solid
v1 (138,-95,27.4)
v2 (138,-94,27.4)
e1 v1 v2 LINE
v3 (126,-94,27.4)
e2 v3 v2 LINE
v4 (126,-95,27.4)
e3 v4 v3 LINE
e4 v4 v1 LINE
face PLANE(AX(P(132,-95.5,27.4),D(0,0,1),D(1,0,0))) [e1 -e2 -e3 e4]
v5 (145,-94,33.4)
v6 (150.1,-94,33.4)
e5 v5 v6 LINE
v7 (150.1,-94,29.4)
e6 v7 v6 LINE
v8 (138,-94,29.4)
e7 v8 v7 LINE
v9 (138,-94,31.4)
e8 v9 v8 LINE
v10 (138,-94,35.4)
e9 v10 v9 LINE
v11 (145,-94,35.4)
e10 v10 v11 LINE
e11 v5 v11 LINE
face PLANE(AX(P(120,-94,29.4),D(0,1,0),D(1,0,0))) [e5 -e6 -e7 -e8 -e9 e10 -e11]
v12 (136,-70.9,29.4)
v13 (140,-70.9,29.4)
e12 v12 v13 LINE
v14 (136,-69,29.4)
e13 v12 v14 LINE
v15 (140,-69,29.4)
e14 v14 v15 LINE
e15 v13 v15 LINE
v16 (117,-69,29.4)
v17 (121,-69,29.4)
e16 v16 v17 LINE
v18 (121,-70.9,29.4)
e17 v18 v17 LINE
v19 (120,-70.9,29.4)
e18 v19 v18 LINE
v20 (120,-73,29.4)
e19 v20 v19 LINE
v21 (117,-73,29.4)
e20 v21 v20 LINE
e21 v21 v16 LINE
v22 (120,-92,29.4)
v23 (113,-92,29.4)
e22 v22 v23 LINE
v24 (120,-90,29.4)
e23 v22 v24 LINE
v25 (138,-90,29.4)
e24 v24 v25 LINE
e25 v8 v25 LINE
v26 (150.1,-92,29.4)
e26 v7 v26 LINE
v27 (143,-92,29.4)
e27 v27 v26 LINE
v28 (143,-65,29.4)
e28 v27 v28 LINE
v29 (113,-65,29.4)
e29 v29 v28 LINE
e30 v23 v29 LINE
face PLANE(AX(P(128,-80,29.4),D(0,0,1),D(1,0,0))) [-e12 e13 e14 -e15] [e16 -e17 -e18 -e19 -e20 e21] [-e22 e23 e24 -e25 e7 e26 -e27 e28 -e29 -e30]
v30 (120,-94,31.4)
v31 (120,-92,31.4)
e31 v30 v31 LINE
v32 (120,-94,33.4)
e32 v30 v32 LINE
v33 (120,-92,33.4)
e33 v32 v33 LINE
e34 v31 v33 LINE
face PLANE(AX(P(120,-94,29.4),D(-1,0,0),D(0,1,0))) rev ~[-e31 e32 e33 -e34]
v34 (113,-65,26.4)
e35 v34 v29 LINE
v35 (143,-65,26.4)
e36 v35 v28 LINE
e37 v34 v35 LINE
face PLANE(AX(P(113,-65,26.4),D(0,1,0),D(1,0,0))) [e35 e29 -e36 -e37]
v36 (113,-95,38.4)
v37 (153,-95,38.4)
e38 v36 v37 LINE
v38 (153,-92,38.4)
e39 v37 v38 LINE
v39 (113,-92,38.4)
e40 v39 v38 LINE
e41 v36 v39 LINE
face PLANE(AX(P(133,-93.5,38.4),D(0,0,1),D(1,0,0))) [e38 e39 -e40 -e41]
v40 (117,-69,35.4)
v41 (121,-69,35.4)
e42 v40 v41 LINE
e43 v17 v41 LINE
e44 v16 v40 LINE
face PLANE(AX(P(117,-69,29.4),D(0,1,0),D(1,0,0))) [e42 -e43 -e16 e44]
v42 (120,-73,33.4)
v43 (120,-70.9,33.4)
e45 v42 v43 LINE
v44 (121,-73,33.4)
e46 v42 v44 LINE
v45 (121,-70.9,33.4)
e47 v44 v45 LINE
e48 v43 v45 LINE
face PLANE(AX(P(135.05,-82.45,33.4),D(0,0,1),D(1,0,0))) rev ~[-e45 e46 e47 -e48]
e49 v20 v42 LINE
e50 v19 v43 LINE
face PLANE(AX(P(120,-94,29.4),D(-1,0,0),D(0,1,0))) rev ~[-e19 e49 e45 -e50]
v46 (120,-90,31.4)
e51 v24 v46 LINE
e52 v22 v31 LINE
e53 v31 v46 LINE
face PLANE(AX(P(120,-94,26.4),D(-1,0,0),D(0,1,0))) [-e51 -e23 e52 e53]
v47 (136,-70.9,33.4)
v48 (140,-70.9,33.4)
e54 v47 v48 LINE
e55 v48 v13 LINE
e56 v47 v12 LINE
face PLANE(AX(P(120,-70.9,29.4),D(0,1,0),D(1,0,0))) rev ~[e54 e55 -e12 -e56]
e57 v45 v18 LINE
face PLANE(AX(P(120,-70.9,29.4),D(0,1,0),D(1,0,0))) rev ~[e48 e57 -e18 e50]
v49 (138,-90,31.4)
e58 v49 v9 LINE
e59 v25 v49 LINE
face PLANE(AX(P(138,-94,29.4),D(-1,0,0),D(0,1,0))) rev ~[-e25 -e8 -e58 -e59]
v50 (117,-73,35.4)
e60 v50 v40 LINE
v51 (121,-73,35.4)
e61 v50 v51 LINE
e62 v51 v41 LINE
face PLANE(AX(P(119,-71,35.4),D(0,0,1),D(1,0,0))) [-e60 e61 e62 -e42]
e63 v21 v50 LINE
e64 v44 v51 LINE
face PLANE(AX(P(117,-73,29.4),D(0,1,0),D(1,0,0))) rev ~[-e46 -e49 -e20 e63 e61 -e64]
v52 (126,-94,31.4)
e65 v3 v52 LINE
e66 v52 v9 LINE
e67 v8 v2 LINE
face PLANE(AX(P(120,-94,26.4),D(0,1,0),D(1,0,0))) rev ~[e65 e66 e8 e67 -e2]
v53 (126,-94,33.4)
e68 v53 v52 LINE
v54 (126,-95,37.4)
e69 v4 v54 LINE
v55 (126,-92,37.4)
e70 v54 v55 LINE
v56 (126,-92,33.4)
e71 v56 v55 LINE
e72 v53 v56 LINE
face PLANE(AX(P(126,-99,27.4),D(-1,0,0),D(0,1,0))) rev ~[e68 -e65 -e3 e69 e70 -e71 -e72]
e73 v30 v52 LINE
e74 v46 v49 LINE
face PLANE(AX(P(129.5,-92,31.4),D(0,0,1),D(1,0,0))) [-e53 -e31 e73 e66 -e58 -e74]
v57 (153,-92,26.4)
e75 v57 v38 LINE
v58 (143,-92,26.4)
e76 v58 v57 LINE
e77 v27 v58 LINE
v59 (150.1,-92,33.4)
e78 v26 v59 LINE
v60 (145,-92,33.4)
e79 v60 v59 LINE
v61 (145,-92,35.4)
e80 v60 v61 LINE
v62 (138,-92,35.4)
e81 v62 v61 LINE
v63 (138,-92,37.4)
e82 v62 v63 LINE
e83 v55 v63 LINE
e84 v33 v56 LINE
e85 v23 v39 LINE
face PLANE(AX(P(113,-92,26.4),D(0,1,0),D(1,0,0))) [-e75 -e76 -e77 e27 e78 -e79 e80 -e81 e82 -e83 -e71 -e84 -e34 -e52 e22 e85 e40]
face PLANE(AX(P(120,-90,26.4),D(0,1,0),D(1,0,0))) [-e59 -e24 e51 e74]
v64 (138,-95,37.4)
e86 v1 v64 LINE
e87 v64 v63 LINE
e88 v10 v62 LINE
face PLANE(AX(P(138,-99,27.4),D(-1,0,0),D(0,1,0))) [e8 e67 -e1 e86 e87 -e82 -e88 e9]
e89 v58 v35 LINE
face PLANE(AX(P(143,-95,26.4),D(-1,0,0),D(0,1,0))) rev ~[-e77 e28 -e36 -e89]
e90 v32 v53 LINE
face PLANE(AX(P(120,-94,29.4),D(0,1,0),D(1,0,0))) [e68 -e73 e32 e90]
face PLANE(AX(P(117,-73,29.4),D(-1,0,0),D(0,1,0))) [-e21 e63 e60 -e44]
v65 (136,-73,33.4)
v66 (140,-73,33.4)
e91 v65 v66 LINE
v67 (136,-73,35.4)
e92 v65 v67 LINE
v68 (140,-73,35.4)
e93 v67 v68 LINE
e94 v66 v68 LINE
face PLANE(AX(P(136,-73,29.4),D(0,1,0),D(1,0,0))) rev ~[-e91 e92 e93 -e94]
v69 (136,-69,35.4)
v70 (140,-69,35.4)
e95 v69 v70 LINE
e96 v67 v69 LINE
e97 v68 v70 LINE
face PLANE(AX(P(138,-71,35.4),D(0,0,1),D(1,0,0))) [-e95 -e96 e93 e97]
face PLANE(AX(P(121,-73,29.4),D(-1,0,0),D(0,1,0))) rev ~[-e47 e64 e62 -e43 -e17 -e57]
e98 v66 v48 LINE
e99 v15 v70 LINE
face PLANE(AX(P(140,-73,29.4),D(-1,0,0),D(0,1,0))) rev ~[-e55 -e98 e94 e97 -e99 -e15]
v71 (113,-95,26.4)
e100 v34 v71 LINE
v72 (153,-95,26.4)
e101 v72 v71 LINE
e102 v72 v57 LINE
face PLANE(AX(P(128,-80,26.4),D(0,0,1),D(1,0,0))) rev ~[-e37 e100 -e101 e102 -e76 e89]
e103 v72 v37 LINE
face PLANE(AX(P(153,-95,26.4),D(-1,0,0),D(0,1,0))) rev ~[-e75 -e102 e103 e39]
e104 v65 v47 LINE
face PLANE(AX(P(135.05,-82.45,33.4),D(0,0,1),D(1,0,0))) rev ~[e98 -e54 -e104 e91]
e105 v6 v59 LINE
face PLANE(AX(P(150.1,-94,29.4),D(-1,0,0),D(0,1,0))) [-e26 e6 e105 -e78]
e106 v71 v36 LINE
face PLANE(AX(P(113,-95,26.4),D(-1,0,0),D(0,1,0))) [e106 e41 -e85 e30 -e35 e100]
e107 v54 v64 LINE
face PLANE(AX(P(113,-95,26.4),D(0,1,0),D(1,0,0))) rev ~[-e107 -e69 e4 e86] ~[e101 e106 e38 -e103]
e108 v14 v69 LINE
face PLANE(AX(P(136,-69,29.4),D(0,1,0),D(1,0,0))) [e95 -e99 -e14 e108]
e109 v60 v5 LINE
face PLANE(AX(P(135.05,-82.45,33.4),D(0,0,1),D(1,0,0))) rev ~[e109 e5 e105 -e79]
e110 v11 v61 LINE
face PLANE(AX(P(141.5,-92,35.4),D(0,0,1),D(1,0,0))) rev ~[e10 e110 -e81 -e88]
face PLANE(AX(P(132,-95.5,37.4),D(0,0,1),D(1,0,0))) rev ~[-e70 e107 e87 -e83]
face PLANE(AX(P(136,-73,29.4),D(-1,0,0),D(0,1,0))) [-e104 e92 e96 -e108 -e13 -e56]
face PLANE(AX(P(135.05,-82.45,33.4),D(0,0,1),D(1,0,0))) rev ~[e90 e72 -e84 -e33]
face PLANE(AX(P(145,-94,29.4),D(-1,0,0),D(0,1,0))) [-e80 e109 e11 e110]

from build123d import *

# Parameters (mm, degrees)
BOX007_W     = 7
BOX007_H     = 4
BOX007_DEPTH = 6
BOX002_W     = 30.1
BOX002_H     = 23.1
BOX002_DEPTH = 4
BOX003_W     = 12
BOX003_H     = 7
BOX003_DEPTH = 10
BOX001_W     = 40
BOX001_H     = 3
BOX001_DEPTH = 12
BOX004_W     = 4
BOX004_H     = 4
BOX004_DEPTH = 6
BOX005_W     = 4
BOX005_H     = 4
BOX005_DEPTH = 6
BOX008_W     = 30
BOX008_H     = 30
BOX008_DEPTH = 3
BOX006_W     = 19
BOX006_H     = 4
BOX006_DEPTH = 5


with BuildPart() as cube007:
    # Box007 → Box007 (new body)
    with BuildSketch(Plane(origin=(25, 1, 3), x_dir=(1, 0, 0), z_dir=(0, 0, 1))):
        with Locations((3.5, 2)):
            Rectangle(BOX007_W, BOX007_H)
    extrude(amount=BOX007_DEPTH)


with BuildPart() as cube002:
    # Box002 → Box002 (new body)
    with BuildSketch(Plane(origin=(7, 1, 3), x_dir=(1, 0, 0), z_dir=(0, 0, 1))):
        with Locations((15.05, 11.55)):
            Rectangle(BOX002_W, BOX002_H)
    extrude(amount=BOX002_DEPTH)


with BuildPart() as cube003:
    # Box003 → Box003 (new body)
    with BuildSketch(Plane(origin=(13, -4, 1), x_dir=(1, 0, 0), z_dir=(0, 0, 1))):
        with Locations((6, 3.5)):
            Rectangle(BOX003_W, BOX003_H)
    extrude(amount=BOX003_DEPTH)


with BuildPart() as cube001:
    # Box001 → Box001 (new body)
    with BuildSketch(Plane.XY):
        with Locations((20, 1.5)):
            Rectangle(BOX001_W, BOX001_H)
    extrude(amount=BOX001_DEPTH)


with BuildPart() as cube004:
    # Box004 → Box004 (new body)
    with BuildSketch(Plane(origin=(23, 22, 3), x_dir=(1, 0, 0), z_dir=(0, 0, 1))):
        with Locations((2, 2)):
            Rectangle(BOX004_W, BOX004_H)
    extrude(amount=BOX004_DEPTH)


with BuildPart() as cube005:
    # Box005 → Box005 (new body)
    with BuildSketch(Plane(origin=(4, 22, 3), x_dir=(1, 0, 0), z_dir=(0, 0, 1))):
        with Locations((2, 2)):
            Rectangle(BOX005_W, BOX005_H)
    extrude(amount=BOX005_DEPTH)


with BuildPart() as cut001:
    # Box008 → Box008 (new body)
    with BuildSketch(Plane.XY):
        with Locations((15, 15)):
            Rectangle(BOX008_W, BOX008_H)
    extrude(amount=BOX008_DEPTH)

    # Fusion001: union Cube001, Cube004, Cube005
    add(cube001.part)
    add(cube004.part)
    add(cube005.part)

    # Cut: cut Cube003
    add(cube003.part, mode=Mode.SUBTRACT)

    # Cut001: cut Cube002
    add(cube002.part, mode=Mode.SUBTRACT)


with BuildPart() as ttl_usb_ver1:
    # Box006 → Box006 (new body)
    with BuildSketch(Plane(origin=(7, 1, 0), x_dir=(1, 0, 0), z_dir=(0, 0, 1))):
        with Locations((9.5, 2)):
            Rectangle(BOX006_W, BOX006_H)
    extrude(amount=BOX006_DEPTH)

    # Fusion002: union Cut001
    add(cut001.part)

    # Cut002: cut Cube007
    add(cube007.part, mode=Mode.SUBTRACT)


with BuildPart() as ttl_usb_ver1_1:
    # Cut002 placement: moved
    add(ttl_usb_ver1.part.moved(Location((113, -95, 26.4))))


solid = ttl_usb_ver1_1.part
